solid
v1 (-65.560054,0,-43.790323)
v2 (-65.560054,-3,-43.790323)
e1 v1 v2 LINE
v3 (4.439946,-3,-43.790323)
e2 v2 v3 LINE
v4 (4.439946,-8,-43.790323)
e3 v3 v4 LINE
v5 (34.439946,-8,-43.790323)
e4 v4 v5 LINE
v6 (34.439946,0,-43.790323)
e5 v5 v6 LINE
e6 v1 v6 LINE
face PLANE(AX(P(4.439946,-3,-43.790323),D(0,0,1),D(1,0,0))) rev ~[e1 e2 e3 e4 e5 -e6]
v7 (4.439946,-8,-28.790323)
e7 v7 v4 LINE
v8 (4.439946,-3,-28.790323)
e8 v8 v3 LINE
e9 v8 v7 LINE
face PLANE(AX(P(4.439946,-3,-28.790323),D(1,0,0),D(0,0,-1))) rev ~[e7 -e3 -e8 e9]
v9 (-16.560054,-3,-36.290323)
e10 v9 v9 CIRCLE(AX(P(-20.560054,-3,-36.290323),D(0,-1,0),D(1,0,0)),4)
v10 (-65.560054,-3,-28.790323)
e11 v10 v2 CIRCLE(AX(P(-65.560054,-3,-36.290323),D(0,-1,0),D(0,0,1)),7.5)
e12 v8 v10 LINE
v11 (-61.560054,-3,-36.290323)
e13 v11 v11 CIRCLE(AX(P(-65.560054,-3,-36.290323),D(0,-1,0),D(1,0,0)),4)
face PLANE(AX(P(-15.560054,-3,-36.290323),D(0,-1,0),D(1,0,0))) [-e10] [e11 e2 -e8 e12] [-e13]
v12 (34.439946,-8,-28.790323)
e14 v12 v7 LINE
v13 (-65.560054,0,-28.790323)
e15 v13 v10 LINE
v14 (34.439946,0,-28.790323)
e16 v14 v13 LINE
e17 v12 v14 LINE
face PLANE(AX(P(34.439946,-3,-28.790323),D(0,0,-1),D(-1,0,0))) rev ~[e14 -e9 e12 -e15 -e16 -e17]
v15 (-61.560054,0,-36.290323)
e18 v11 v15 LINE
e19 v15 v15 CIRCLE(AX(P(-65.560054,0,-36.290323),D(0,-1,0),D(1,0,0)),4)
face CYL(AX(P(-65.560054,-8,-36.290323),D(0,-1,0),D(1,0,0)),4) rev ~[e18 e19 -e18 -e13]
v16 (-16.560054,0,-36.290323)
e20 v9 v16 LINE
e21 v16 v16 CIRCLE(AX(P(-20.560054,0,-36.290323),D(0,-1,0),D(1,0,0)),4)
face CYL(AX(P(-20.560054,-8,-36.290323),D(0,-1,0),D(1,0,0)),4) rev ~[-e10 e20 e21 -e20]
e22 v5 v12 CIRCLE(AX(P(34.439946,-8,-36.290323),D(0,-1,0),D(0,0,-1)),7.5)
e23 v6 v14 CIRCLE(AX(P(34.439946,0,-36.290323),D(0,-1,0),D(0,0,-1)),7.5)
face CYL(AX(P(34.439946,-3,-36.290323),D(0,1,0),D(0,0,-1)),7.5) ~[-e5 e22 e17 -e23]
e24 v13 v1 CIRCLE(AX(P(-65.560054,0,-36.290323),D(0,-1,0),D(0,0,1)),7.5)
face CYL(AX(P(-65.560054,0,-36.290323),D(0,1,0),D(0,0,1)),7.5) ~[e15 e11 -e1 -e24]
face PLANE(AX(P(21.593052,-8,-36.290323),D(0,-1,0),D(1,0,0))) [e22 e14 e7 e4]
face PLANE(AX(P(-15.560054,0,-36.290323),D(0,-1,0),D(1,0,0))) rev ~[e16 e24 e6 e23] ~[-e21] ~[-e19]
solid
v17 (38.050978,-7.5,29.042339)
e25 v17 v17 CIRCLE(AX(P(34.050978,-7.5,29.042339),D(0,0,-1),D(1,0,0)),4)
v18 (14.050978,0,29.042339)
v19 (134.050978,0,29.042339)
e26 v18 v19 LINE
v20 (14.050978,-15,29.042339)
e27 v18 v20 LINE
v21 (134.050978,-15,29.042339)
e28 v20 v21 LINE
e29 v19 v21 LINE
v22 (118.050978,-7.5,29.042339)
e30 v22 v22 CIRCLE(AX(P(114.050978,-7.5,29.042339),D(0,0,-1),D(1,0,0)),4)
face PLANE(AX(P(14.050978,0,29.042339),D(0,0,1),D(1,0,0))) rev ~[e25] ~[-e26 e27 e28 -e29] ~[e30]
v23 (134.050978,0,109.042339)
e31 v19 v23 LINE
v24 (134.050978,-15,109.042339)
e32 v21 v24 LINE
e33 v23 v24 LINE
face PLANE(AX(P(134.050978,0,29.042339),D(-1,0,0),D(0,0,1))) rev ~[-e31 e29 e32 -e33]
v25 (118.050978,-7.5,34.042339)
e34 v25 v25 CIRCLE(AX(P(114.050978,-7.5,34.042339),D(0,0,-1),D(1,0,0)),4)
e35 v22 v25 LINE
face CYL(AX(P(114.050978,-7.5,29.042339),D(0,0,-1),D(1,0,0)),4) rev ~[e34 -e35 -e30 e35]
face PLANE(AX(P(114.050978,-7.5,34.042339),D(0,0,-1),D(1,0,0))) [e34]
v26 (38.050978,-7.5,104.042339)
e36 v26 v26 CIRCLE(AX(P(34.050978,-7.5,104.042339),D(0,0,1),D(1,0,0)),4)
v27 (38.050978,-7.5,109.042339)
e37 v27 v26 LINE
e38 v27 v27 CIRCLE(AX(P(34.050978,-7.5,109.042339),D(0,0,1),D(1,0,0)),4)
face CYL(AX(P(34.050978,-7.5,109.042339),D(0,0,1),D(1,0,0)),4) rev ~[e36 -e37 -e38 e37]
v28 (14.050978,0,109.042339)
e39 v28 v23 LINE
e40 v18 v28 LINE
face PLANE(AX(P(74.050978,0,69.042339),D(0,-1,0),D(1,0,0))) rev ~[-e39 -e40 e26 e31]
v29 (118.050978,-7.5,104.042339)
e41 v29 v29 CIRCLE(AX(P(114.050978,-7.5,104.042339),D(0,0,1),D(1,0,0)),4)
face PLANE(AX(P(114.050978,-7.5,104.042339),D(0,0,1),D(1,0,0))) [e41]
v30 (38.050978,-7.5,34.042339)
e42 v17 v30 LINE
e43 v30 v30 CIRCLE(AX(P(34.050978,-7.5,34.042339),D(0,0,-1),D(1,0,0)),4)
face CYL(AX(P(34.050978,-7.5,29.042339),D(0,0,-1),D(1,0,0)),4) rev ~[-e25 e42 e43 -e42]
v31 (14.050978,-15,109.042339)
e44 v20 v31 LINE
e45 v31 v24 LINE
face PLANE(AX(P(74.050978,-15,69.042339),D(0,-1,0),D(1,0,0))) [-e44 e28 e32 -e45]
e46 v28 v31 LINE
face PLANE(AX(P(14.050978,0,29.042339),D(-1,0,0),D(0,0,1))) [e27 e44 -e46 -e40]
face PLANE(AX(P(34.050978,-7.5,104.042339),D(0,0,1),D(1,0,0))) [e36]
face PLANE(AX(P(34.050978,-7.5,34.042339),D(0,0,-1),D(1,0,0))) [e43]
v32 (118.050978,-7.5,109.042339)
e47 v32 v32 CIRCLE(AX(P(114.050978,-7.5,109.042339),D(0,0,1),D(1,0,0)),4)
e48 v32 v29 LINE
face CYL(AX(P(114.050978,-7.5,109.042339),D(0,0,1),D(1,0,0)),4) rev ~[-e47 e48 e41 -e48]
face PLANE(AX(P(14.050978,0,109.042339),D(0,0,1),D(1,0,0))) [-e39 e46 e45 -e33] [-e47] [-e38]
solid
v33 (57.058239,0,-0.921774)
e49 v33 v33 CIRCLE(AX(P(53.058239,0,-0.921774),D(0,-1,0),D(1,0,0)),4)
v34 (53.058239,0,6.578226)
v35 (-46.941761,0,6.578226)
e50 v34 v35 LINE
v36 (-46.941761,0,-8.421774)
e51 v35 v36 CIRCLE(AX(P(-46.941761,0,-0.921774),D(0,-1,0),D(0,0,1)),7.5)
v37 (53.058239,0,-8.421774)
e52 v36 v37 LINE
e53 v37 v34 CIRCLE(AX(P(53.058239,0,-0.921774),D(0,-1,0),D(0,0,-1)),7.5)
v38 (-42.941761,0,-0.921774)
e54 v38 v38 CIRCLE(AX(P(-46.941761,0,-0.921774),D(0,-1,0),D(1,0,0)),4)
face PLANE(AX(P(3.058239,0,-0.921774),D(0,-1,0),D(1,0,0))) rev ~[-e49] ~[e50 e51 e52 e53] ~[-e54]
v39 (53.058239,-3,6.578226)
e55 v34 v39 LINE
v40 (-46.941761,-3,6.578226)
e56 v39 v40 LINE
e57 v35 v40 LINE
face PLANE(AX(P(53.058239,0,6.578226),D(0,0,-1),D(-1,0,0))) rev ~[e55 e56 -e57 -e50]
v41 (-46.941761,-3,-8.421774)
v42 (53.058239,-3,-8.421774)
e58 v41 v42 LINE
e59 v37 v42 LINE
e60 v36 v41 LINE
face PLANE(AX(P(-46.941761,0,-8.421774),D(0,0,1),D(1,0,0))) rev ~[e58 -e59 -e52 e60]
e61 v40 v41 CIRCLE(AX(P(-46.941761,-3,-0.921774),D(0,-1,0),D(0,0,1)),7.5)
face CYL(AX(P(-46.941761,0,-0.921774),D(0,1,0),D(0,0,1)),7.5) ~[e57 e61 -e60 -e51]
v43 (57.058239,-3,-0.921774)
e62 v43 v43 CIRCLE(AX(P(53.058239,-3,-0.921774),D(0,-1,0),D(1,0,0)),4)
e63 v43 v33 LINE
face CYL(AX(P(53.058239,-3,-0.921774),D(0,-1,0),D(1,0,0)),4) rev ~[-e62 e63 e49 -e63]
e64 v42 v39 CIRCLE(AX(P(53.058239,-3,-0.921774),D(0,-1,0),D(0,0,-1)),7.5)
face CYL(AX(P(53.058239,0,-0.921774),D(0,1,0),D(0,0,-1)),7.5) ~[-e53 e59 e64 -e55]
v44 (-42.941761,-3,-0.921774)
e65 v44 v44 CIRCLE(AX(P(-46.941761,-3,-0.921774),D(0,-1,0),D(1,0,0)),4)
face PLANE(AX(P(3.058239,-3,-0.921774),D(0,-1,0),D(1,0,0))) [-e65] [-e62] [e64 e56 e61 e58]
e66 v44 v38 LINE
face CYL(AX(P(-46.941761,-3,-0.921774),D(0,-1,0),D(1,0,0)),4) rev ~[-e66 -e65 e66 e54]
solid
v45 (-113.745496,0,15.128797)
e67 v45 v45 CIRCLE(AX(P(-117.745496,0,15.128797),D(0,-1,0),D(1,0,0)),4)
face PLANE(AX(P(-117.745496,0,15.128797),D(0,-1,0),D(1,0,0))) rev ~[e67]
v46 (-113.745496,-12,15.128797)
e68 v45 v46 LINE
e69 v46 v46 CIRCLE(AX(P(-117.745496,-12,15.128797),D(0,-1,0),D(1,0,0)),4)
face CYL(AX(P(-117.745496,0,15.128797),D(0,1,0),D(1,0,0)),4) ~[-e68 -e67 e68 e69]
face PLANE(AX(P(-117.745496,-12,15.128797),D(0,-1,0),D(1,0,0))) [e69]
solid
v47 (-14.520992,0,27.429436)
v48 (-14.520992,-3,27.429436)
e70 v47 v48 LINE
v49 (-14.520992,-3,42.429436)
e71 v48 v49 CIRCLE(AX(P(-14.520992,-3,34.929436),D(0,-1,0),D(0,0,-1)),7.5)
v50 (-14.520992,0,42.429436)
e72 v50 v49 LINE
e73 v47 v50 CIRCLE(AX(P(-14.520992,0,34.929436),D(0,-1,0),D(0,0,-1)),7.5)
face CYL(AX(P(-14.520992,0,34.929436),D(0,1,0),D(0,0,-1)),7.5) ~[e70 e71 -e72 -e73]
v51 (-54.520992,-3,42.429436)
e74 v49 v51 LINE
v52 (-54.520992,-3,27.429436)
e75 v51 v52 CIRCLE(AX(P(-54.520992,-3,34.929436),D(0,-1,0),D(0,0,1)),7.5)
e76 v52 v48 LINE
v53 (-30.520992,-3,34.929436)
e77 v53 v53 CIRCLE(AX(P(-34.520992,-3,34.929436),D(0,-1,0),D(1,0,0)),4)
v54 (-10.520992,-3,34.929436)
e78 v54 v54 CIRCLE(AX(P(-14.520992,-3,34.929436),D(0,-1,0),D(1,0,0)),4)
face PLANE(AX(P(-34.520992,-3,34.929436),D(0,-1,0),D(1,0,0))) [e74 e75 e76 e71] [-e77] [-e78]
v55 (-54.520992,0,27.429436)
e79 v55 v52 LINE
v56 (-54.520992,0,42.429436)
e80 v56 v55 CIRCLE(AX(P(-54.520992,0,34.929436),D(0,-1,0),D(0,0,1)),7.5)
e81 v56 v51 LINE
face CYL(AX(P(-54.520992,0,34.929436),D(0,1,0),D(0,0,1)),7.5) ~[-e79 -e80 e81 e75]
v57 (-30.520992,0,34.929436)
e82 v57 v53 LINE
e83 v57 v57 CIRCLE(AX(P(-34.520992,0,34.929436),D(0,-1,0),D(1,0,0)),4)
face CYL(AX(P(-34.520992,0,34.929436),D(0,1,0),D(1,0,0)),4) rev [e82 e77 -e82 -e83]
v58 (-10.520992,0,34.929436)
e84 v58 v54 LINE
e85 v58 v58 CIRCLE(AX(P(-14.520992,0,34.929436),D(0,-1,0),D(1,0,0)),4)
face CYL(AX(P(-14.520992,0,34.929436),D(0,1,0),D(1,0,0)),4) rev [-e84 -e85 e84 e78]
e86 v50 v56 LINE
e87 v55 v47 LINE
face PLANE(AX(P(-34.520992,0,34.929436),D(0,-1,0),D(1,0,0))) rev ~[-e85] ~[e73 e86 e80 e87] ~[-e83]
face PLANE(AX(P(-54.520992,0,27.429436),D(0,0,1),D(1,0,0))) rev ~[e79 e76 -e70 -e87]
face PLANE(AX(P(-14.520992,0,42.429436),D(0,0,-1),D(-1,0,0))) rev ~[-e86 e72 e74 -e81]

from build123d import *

# Parameters (mm, degrees)
F1_DEPTH  = 3
F3_DEPTH  = 3
F5_DEPTH  = 5
F6_R      = 4
F7_DEPTH  = 25
F8_R      = 4
F9_DEPTH  = 25
F10_R     = 4
F11_DEPTH = 3
F12_W     = 120
F12_H     = 80
F13_DEPTH = 15
F14_R     = 4
F15_DEPTH = 5
F16_R     = 4
F17_DEPTH = 5
F18_R     = 4
F19_DEPTH = 12


with BuildPart() as f1:
    # F0 (on Front) → F1 (new body)
    with BuildSketch(Plane.XZ):
        with BuildLine():
            Line((53.058239, 6.578226), (-46.941761, 6.578226))
            ThreePointArc((-46.941761, 6.578226), (-54.441761, -0.921774), (-46.941761, -8.421774))
            Line((-46.941761, -8.421774), (53.058239, -8.421774))
            ThreePointArc((53.058239, -8.421774), (60.558239, -0.921774), (53.058239, 6.578226))
        make_face()
    extrude(amount=F1_DEPTH)

    # F6 (on face) → F7 (cut)
    with BuildSketch(Plane.XZ.offset(3)):
        with Locations((53.058239, -0.921774)):
            Circle(F6_R)
        with Locations((-46.941761, -0.921774)):
            Circle(F6_R)
    extrude(amount=-F7_DEPTH, mode=Mode.SUBTRACT)


with BuildPart() as f3:
    # F2 (on Front) → F3 (new body)
    with BuildSketch(Plane.XZ):
        with BuildLine():
            Line((34.439946, -28.790323), (-65.560054, -28.790323))
            ThreePointArc((-65.560054, -28.790323), (-73.060054, -36.290323), (-65.560054, -43.790323))
            Line((-65.560054, -43.790323), (34.439946, -43.790323))
            ThreePointArc((34.439946, -43.790323), (41.939946, -36.290323), (34.439946, -28.790323))
        make_face()
    extrude(amount=F3_DEPTH)

    # F4 (on face) → F5 (join)
    with BuildSketch(Plane.XZ.offset(3)):
        with BuildLine():
            Line((34.439946, -28.790323), (4.439946, -28.790323))
            Line((4.439946, -28.790323), (4.439946, -43.790323))
            Line((4.439946, -43.790323), (34.439946, -43.790323))
            ThreePointArc((34.439946, -43.790323), (41.939946, -36.290323), (34.439946, -28.790323))
        make_face()
    extrude(amount=F5_DEPTH)

    # F8 (on face) → F9 (cut)
    with BuildSketch(Plane.XZ.offset(8)):
        with Locations((-65.560054, -36.290323)):
            Circle(F8_R)
        with Locations((-20.560054, -36.290323)):
            Circle(F8_R)
    extrude(amount=-F9_DEPTH, mode=Mode.SUBTRACT)


with BuildPart() as f11:
    # F10 (on Front) → F11 (new body)
    with BuildSketch(Plane.XZ):
        with BuildLine():
            Line((-14.520992, 42.429436), (-54.520992, 42.429436))
            ThreePointArc((-54.520992, 42.429436), (-62.020992, 34.929436), (-54.520992, 27.429436))
            Line((-54.520992, 27.429436), (-14.520992, 27.429436))
            ThreePointArc((-14.520992, 27.429436), (-7.020992, 34.929436), (-14.520992, 42.429436))
        make_face()
        with Locations((-34.520992, 34.929436)):
            Circle(F10_R, mode=Mode.SUBTRACT)
        with Locations((-14.520992, 34.929436)):
            Circle(F10_R, mode=Mode.SUBTRACT)
    extrude(amount=F11_DEPTH)


with BuildPart() as f13:
    # F12 (on Front) → F13 (new body)
    with BuildSketch(Plane.XZ):
        with Locations((74.050978, 69.042339)):
            Rectangle(F12_W, F12_H)
    extrude(amount=F13_DEPTH)

    # F14 (on face) → F15 (cut)
    with BuildSketch(Plane(origin=(0, 0, 29.042339), x_dir=(1, 0, 0), z_dir=(0, 0, -1))):
        with Locations((34.050978, 7.5)):
            Circle(F14_R)
        with Locations((114.050978, 7.5)):
            Circle(F14_R)
    extrude(amount=-F15_DEPTH, mode=Mode.SUBTRACT)

    # F16 (on face) → F17 (cut)
    with BuildSketch(Plane.XY.offset(109.042339)):
        with Locations((34.050978, -7.5)):
            Circle(F16_R)
        with Locations((114.050978, -7.5)):
            Circle(F16_R)
    extrude(amount=-F17_DEPTH, mode=Mode.SUBTRACT)


with BuildPart() as f19:
    # F18 (on Front) → F19 (new body)
    with BuildSketch(Plane.XZ):
        with Locations((-117.745496, 15.128797)):
            Circle(F18_R)
    extrude(amount=F19_DEPTH)


solid = Compound([f1.part, f3.part, f11.part, f13.part, f19.part])
